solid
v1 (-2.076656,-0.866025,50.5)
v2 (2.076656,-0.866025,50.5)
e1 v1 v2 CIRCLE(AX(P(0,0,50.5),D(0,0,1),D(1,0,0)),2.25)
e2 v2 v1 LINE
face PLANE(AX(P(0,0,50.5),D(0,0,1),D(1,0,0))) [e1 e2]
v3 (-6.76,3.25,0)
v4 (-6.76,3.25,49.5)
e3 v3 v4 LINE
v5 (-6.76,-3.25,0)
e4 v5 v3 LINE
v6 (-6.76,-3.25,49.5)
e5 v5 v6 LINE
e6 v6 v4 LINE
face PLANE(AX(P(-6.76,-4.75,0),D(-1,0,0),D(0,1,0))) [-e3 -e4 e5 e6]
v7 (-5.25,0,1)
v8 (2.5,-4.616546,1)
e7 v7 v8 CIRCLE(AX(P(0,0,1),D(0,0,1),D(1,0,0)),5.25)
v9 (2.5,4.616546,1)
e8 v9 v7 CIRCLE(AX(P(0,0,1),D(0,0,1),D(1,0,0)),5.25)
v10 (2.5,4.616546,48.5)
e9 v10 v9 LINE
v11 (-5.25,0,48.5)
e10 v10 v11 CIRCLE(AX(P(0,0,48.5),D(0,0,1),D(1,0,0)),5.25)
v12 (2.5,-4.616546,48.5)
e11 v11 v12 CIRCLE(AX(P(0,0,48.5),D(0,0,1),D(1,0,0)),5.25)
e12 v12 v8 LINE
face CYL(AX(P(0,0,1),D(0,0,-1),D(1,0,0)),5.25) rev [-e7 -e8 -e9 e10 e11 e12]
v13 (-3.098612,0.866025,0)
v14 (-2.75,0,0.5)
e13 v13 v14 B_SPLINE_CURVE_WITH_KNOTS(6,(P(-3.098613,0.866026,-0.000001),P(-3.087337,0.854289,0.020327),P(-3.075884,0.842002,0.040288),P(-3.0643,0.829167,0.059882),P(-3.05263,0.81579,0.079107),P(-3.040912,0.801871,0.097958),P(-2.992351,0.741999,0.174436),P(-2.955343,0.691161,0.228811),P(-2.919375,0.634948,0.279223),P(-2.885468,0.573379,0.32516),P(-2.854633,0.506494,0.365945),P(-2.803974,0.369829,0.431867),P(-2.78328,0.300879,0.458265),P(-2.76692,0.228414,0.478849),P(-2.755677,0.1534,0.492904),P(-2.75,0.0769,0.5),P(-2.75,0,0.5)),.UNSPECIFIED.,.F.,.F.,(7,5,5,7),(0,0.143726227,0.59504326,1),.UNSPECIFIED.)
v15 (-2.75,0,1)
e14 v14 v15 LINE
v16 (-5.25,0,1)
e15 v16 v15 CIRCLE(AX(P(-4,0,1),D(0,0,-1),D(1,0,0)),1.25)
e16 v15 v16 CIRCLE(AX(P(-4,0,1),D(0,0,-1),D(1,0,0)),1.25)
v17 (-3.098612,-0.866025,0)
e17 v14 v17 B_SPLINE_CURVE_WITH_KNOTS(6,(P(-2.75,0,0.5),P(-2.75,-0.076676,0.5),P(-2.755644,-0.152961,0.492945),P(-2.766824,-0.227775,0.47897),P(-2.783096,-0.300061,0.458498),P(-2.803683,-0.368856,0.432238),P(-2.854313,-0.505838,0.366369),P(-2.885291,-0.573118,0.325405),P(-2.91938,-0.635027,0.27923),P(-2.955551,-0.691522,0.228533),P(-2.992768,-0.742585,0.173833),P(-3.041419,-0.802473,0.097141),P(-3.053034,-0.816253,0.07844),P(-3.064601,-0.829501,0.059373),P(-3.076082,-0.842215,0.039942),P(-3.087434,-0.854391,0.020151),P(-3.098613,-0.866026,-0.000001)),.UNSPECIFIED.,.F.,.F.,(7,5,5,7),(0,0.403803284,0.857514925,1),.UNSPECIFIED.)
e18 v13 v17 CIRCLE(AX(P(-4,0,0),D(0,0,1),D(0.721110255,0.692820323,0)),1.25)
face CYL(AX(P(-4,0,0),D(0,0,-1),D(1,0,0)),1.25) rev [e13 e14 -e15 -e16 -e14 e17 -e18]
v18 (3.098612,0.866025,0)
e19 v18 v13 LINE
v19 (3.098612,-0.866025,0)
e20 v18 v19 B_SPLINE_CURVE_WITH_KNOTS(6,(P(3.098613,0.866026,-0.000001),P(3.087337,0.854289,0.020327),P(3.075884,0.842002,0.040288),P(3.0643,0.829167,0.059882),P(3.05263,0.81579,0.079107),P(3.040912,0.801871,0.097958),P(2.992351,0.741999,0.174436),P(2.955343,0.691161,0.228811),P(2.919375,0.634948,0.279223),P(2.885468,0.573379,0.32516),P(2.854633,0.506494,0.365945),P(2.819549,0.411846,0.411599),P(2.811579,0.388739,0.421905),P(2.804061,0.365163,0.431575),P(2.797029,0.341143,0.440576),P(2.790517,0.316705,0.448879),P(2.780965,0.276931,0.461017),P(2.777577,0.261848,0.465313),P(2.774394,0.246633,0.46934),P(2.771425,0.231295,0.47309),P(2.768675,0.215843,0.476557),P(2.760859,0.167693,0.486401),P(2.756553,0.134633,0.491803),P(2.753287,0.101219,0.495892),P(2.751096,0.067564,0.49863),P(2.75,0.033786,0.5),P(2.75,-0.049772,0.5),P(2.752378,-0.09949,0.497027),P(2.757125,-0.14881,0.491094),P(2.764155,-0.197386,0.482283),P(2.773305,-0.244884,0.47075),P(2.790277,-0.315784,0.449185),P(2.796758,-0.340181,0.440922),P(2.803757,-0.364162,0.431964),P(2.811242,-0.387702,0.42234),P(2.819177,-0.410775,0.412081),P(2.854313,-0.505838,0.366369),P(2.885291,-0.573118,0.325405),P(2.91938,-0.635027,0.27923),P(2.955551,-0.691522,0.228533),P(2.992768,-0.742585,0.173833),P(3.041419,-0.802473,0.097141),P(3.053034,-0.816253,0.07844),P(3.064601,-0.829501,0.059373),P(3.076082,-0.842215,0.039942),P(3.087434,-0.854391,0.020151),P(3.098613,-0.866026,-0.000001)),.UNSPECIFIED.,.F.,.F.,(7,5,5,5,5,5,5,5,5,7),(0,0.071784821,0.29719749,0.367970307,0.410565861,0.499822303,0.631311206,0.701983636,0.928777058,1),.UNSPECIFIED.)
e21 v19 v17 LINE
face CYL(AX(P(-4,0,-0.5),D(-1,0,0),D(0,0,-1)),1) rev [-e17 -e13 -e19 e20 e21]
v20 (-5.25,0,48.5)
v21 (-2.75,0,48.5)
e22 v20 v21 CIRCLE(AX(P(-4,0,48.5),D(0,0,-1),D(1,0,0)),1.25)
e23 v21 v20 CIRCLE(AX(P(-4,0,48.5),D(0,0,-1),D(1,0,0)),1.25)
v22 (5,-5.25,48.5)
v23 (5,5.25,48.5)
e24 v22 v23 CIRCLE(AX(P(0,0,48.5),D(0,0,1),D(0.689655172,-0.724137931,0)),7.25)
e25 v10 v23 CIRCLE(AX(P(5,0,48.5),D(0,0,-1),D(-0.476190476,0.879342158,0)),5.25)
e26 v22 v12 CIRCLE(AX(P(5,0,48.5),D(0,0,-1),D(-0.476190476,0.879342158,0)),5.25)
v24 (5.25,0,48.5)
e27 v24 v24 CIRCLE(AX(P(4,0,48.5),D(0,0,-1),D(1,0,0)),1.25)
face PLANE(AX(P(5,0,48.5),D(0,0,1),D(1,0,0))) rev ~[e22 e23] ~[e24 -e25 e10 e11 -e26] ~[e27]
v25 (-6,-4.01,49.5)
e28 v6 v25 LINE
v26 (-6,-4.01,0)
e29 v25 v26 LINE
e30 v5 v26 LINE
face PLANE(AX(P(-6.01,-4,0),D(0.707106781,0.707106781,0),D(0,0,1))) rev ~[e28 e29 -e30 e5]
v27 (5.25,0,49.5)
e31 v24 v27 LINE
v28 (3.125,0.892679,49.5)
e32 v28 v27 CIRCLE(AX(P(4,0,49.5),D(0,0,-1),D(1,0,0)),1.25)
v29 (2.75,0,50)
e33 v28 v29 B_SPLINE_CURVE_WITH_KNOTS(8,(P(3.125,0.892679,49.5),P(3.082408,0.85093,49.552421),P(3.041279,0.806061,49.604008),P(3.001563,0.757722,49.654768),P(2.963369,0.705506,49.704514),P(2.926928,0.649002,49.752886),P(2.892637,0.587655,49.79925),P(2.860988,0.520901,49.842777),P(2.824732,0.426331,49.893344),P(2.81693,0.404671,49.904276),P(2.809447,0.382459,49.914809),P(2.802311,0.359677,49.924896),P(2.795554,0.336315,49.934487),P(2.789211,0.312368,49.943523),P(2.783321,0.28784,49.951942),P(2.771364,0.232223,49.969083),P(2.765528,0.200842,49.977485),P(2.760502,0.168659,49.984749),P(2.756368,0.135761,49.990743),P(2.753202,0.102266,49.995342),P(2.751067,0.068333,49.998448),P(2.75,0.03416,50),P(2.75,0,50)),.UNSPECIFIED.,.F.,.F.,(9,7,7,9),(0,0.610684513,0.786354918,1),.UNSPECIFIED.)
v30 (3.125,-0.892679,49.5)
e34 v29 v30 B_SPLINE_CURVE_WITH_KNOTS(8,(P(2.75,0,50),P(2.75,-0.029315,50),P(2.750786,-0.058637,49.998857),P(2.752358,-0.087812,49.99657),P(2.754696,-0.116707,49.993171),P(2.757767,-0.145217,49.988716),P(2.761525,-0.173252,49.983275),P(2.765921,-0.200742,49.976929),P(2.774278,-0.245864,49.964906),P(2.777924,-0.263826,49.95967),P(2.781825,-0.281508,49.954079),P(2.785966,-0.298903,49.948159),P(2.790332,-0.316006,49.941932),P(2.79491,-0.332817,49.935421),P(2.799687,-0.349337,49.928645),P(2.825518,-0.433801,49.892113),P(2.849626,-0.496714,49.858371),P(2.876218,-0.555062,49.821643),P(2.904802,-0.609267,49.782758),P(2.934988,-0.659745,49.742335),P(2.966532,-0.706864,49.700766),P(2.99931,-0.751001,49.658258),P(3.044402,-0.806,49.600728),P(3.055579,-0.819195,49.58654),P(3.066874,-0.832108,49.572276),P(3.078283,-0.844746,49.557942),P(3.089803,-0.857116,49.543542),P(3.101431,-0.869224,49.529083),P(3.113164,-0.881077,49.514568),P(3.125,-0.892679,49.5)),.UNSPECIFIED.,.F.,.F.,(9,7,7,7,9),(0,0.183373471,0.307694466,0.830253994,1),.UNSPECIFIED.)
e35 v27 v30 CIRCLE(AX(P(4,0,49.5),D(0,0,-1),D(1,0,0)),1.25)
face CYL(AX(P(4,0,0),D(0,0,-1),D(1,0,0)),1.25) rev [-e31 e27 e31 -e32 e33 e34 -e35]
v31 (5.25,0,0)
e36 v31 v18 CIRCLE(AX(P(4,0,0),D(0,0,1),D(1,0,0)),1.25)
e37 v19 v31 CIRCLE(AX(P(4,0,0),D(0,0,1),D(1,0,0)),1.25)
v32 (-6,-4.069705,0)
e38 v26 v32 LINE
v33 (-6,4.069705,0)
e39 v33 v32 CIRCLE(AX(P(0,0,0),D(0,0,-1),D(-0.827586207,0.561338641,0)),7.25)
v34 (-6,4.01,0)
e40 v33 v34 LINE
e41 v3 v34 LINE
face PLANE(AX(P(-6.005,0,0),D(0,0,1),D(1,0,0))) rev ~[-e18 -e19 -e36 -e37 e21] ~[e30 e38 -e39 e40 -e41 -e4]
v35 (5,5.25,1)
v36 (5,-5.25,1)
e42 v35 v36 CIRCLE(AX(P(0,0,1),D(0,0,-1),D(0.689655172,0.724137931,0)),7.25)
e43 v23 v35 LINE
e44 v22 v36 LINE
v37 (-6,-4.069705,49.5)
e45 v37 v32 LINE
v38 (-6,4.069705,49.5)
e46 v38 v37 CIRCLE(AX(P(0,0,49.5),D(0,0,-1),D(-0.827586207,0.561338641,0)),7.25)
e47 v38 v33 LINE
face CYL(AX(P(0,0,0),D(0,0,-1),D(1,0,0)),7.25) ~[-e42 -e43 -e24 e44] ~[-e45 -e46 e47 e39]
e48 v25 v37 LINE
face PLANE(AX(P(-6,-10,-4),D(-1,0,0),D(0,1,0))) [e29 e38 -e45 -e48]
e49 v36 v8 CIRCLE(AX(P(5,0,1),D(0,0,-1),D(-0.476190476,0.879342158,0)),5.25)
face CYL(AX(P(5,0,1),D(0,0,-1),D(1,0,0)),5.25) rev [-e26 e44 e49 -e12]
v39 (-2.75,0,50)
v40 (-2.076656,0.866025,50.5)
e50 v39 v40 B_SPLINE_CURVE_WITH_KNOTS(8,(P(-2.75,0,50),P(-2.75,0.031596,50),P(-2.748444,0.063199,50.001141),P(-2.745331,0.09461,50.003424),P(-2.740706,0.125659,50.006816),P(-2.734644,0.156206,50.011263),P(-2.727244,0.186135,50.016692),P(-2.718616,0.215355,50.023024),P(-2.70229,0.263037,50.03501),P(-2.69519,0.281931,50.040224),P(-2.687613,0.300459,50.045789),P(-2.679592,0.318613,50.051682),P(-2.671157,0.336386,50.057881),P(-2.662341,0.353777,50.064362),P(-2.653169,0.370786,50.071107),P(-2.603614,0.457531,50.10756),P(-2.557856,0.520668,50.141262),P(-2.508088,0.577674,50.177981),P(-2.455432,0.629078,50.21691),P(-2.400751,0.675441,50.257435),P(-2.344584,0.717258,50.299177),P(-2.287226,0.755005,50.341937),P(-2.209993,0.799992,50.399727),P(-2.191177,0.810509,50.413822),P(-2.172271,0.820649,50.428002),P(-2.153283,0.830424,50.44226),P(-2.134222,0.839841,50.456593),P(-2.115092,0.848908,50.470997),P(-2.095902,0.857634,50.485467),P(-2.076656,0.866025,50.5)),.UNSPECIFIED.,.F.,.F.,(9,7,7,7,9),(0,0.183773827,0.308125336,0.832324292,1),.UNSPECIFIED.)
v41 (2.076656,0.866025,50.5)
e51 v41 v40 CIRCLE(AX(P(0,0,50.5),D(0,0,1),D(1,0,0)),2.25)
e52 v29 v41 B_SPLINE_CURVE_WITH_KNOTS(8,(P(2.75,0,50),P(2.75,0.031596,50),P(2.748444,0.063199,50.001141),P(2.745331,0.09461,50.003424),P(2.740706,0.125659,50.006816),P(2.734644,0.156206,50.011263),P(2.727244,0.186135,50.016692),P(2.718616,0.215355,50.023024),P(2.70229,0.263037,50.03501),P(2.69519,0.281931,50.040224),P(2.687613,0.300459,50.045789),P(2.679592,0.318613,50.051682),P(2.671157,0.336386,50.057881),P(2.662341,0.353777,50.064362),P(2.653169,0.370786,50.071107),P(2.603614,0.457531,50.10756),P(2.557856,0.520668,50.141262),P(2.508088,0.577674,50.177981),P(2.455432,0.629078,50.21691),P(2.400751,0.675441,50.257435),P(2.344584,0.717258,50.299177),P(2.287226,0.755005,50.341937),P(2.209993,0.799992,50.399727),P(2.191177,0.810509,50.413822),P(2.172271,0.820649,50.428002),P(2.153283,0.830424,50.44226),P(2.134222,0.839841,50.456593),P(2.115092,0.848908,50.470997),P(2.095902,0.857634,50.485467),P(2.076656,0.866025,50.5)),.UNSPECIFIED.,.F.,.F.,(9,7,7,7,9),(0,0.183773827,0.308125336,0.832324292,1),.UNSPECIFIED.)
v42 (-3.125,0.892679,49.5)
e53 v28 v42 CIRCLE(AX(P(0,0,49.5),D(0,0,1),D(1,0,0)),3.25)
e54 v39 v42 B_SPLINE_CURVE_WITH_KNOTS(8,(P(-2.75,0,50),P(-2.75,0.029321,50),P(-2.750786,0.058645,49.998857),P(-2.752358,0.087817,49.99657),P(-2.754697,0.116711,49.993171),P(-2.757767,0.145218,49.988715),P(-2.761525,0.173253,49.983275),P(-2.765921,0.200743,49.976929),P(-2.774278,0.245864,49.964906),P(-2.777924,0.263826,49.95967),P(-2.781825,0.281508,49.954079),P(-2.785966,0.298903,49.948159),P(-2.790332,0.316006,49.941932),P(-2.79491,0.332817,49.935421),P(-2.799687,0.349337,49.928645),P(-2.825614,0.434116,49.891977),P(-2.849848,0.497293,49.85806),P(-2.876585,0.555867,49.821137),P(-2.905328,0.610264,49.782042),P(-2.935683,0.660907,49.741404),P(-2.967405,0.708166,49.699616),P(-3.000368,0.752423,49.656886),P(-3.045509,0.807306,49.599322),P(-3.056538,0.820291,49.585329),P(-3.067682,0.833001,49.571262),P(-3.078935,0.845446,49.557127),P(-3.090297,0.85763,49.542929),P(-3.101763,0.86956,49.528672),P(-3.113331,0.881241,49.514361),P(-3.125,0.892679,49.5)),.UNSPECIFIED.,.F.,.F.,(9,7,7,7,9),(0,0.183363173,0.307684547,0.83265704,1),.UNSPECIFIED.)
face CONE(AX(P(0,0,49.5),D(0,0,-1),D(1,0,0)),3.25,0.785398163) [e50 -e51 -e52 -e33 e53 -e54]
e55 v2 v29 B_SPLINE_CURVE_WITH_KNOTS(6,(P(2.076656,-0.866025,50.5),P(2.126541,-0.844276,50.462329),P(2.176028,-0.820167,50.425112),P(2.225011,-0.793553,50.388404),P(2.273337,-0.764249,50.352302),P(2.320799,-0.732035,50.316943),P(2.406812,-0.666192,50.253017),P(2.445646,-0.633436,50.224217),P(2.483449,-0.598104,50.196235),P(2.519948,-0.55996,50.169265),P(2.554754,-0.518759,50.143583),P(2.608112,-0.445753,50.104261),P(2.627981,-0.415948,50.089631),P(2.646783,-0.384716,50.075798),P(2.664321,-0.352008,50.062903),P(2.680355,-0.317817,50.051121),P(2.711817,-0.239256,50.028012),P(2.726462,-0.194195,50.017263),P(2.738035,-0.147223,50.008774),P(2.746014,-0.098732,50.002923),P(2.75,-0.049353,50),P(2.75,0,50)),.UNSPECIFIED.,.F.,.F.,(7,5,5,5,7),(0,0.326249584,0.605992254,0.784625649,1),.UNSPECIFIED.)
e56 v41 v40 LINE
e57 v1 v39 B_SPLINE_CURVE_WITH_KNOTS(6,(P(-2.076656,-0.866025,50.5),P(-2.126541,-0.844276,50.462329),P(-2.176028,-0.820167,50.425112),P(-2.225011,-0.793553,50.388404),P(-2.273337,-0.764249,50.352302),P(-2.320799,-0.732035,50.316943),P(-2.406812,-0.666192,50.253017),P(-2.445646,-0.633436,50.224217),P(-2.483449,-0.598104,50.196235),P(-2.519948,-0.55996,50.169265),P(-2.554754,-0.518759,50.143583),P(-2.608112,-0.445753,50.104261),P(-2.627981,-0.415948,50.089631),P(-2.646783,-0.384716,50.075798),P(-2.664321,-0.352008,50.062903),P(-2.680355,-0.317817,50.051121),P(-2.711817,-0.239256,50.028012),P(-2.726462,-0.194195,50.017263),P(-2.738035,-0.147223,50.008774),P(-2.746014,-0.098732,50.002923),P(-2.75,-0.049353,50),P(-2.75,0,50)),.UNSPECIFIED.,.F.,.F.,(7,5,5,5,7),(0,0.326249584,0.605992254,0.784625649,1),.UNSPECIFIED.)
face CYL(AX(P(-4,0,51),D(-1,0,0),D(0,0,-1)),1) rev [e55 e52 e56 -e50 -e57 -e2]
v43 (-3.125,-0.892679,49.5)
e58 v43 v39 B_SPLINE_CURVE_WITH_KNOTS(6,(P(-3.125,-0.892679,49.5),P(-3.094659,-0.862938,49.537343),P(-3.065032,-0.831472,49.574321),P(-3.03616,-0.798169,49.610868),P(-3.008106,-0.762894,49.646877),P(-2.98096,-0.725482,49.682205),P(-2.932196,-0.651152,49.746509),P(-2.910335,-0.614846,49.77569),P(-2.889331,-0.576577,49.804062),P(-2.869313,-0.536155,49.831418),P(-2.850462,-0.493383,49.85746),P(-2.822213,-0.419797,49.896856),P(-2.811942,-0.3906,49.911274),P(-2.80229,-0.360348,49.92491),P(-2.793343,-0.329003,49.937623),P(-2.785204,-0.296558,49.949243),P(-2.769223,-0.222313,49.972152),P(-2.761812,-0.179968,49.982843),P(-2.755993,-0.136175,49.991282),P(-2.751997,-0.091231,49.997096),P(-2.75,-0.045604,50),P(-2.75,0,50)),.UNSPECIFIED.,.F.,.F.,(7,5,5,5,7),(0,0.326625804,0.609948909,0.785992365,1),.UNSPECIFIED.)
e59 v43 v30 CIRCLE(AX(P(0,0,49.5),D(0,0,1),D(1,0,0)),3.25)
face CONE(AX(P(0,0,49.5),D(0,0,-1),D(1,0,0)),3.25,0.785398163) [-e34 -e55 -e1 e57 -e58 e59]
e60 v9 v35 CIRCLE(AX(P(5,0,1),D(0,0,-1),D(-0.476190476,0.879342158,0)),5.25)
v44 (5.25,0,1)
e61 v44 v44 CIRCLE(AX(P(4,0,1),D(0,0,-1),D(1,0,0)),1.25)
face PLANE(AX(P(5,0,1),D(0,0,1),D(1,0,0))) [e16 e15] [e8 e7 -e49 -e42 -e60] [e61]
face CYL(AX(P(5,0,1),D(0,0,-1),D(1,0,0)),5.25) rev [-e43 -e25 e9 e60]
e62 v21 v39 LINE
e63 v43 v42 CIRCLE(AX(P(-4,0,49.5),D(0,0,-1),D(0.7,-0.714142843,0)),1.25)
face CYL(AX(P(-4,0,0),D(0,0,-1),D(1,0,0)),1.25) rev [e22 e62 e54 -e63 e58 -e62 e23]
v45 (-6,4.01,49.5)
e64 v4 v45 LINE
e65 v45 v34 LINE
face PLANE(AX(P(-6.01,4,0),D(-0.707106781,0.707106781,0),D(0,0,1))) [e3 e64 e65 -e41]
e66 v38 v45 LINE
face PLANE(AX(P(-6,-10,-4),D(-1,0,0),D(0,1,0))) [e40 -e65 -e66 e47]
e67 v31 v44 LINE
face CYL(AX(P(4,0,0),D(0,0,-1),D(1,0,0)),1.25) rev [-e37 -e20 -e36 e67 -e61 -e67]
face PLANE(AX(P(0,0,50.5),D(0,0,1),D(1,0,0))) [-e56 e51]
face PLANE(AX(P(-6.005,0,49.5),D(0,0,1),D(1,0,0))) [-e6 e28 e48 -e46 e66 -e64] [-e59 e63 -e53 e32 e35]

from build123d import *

# Parameters (mm, degrees)
BOX001_W          = 1.51
BOX001_H          = 9.5
BOX001_DEPTH      = 49.5
CHAMFER001_SIZE   = 1.5
BOX_W             = 5
BOX_H             = 20
BOX_DEPTH         = 60
CYLINDER005_R     = 1.25
CYLINDER005_DEPTH = 55
CYLINDER004_R     = 1.25
CYLINDER004_DEPTH = 55
CYLINDER007_R     = 1
CYLINDER007_DEPTH = 8
CYLINDER006_R     = 1
CYLINDER006_DEPTH = 8
CYLINDER002_R     = 5.25
CYLINDER002_DEPTH = 47.5
CYLINDER003_R     = 5.25
CYLINDER003_DEPTH = 47.5
CYLINDER001_R     = 3.25
CYLINDER001_DEPTH = 50.5
CHAMFER_SIZE      = 1
CYLINDER_R        = 7.25
CYLINDER_DEPTH    = 49.5


with BuildPart() as chamfer001:
    # Box001 → Box001 (new body)
    with BuildSketch(Plane(origin=(-6.76, -4.75, 0), x_dir=(1, 0, 0), z_dir=(0, 0, 1))):
        with Locations((0.755, 4.75)):
            Rectangle(BOX001_W, BOX001_H)
    extrude(amount=BOX001_DEPTH)

    # Chamfer001
    chamfer001_edges = [chamfer001.edges().sort_by_distance(p)[0] for p in [
        (-6.76, -4.75, 24.75),
        (-6.76, 4.75, 24.75),
    ]]
    chamfer(chamfer001_edges, length=CHAMFER001_SIZE)


with BuildPart() as cube:
    # Box → Box (new body)
    with BuildSketch(Plane(origin=(-11, -10, -4), x_dir=(1, 0, 0), z_dir=(0, 0, 1))):
        with Locations((2.5, 10)):
            Rectangle(BOX_W, BOX_H)
    extrude(amount=BOX_DEPTH)


with BuildPart() as cylinder005:
    # Cylinder005 → Cylinder005 (new body)
    with BuildSketch(Plane(origin=(-4, 0, 0), x_dir=(1, 0, 0), z_dir=(0, 0, 1))):
        Circle(CYLINDER005_R)
    extrude(amount=CYLINDER005_DEPTH)


with BuildPart() as cylinder004:
    # Cylinder004 → Cylinder004 (new body)
    with BuildSketch(Plane(origin=(4, 0, 0), x_dir=(1, 0, 0), z_dir=(0, 0, 1))):
        Circle(CYLINDER004_R)
    extrude(amount=CYLINDER004_DEPTH)


with BuildPart() as cylinder007:
    # Cylinder007 → Cylinder007 (new body)
    with BuildSketch(Plane(origin=(-4, 0, -0.5), x_dir=(0, 0, -1), z_dir=(1, 0, 0))):
        Circle(CYLINDER007_R)
    extrude(amount=CYLINDER007_DEPTH)


with BuildPart() as fusion002:
    # Cylinder006 → Cylinder006 (new body)
    with BuildSketch(Plane(origin=(-4, 0, 51), x_dir=(0, 0, -1), z_dir=(1, 0, 0))):
        Circle(CYLINDER006_R)
    extrude(amount=CYLINDER006_DEPTH)

    # Fusion002: union Cylinder005, Cylinder004, Cylinder007
    add(cylinder005.part)
    add(cylinder004.part)
    add(cylinder007.part)


with BuildPart() as cylinder002:
    # Cylinder002 → Cylinder002 (new body)
    with BuildSketch(Plane.XY.offset(1)):
        Circle(CYLINDER002_R)
    extrude(amount=CYLINDER002_DEPTH)


with BuildPart() as fusion001:
    # Cylinder003 → Cylinder003 (new body)
    with BuildSketch(Plane(origin=(5, 0, 1), x_dir=(1, 0, 0), z_dir=(0, 0, 1))):
        Circle(CYLINDER003_R)
    extrude(amount=CYLINDER003_DEPTH)

    # Fusion001: union Cylinder002
    add(cylinder002.part)


with BuildPart() as chamfer_body:
    # Cylinder001 → Cylinder001 (new body)
    with BuildSketch(Plane.XY):
        Circle(CYLINDER001_R)
    extrude(amount=CYLINDER001_DEPTH)

    # Chamfer
    chamfer_edges = [chamfer_body.edges().sort_by_distance(p)[0] for p in [
        (-3.25, 0, 50.5),
        (-3.25, 0, 0),
    ]]
    chamfer(chamfer_edges, length=CHAMFER_SIZE)


with BuildPart() as fusion003:
    # Cylinder → Cylinder (new body)
    with BuildSketch(Plane.XY):
        Circle(CYLINDER_R)
    extrude(amount=CYLINDER_DEPTH)

    # Fusion: union Chamfer body
    add(chamfer_body.part)

    # Cut: cut Fusion001
    add(fusion001.part, mode=Mode.SUBTRACT)

    # Cut001: cut Fusion002
    add(fusion002.part, mode=Mode.SUBTRACT)

    # Cut002: cut Cube
    add(cube.part, mode=Mode.SUBTRACT)

    # Fusion003: union Chamfer001
    add(chamfer001.part)


solid = fusion003.part
